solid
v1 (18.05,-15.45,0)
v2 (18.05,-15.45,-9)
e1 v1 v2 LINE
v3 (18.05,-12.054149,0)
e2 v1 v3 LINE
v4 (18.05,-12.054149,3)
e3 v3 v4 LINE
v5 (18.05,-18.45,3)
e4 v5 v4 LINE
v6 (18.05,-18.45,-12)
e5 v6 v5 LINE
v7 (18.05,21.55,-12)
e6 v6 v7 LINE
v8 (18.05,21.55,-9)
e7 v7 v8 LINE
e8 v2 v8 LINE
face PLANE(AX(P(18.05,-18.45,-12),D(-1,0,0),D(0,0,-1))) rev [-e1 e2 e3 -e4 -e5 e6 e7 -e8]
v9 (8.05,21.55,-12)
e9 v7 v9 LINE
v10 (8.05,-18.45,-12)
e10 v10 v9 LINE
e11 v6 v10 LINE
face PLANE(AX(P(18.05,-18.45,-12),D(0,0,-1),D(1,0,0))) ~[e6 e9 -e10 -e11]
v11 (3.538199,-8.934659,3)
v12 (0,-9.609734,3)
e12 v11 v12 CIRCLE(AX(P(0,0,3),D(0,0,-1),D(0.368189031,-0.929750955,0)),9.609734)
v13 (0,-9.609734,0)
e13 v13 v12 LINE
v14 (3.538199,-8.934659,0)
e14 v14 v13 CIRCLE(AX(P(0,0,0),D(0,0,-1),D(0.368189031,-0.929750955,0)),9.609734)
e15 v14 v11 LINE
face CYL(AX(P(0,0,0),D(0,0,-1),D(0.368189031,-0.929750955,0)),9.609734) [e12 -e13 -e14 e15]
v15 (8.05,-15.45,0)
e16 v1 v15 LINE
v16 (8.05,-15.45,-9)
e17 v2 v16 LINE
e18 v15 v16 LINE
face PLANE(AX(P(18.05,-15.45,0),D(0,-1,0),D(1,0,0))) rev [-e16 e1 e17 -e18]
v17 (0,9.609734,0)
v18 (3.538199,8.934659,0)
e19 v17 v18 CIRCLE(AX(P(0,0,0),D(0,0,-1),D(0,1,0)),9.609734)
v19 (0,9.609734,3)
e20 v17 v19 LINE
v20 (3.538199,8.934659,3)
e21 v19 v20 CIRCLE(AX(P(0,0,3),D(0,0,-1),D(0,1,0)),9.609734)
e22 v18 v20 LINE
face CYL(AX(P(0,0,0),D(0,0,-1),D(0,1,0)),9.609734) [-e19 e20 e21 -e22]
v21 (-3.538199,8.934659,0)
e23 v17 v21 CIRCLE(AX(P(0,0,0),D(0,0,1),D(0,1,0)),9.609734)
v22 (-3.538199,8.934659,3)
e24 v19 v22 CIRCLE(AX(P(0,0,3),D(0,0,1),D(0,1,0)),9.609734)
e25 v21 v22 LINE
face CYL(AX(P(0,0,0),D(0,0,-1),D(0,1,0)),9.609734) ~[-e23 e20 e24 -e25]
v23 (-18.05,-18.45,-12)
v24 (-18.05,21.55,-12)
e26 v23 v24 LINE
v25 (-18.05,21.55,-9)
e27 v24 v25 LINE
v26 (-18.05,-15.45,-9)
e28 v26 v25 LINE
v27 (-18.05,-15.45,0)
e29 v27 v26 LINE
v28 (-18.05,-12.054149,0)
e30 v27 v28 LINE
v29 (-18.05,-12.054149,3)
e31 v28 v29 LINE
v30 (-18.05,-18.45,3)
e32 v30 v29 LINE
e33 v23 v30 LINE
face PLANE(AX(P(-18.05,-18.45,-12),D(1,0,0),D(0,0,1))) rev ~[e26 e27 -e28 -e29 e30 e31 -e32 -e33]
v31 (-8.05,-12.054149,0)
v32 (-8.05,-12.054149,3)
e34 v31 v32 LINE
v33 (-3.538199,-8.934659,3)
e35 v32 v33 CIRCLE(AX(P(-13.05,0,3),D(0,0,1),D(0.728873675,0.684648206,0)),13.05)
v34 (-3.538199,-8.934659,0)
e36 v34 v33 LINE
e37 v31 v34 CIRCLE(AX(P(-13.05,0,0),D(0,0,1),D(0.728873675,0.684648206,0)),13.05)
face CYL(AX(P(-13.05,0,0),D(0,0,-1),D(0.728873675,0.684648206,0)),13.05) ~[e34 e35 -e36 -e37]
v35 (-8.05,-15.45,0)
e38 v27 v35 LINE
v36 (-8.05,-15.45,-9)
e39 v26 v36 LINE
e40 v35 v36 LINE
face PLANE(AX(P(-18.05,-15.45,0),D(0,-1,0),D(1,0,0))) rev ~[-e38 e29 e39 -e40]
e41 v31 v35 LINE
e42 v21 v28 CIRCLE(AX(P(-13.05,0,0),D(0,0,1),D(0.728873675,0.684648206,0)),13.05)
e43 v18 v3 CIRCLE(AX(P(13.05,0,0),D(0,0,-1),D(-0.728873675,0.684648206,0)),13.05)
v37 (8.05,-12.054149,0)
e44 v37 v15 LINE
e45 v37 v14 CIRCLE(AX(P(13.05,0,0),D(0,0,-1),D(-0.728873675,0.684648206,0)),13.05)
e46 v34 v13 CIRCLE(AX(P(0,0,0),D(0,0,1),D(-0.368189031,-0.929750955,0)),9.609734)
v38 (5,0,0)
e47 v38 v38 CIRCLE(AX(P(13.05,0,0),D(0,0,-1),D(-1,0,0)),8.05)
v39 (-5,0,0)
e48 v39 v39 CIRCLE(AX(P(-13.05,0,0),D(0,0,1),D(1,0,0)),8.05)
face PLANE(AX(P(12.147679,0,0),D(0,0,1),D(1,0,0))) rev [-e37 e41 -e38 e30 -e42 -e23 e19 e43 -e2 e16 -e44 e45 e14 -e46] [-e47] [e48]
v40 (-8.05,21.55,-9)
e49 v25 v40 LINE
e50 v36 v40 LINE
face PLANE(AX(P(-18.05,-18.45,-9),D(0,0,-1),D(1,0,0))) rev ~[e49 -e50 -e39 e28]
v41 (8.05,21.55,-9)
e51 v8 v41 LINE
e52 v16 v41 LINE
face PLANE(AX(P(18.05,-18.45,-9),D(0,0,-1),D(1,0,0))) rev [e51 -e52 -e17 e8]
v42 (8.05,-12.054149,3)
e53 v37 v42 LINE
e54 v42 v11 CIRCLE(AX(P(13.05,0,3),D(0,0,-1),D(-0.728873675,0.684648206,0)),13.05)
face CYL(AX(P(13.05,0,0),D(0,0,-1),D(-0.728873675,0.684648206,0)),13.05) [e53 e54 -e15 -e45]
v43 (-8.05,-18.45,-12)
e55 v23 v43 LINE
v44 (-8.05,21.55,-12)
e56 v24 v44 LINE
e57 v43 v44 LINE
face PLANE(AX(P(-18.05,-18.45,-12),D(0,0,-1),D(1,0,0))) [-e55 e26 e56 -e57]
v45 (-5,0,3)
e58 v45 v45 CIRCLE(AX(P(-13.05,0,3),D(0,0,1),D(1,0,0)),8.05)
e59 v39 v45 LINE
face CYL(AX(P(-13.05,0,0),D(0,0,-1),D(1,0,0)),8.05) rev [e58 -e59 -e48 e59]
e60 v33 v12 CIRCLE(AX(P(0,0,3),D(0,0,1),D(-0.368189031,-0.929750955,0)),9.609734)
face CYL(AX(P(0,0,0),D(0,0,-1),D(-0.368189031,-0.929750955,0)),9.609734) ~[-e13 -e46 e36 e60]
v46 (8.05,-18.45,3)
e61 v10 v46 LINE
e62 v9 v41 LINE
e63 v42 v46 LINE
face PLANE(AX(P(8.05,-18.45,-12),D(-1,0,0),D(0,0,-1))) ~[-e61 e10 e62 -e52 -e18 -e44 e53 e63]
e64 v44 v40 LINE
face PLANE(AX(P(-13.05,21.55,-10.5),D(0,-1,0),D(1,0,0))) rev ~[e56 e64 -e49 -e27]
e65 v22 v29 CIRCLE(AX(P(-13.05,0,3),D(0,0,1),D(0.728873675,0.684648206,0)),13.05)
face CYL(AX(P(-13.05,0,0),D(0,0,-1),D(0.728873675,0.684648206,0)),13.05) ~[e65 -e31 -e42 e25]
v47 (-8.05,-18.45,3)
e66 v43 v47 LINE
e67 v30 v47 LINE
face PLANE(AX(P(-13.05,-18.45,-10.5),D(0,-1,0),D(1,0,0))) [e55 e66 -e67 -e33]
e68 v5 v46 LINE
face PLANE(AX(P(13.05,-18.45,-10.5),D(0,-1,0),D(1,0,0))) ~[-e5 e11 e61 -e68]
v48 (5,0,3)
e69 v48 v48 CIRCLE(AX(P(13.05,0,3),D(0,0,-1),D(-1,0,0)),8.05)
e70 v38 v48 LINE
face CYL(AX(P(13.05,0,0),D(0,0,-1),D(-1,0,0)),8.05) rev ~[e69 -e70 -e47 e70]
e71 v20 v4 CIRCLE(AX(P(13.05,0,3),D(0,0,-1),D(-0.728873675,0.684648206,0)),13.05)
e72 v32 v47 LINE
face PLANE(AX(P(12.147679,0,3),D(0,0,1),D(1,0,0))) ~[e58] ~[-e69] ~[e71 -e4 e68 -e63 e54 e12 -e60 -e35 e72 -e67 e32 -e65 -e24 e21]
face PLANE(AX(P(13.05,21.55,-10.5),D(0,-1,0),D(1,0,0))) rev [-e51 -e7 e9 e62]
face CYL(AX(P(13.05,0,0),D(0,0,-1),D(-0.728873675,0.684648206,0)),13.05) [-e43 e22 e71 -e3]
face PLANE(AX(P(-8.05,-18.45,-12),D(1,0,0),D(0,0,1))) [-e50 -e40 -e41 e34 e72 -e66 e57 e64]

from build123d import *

# Parameters (mm, degrees)
F0_R     = 8.05
F1_DEPTH = 3
F2_W     = 10
F2_H     = 3
F3_DEPTH = 3
F4_DEPTH = 9
F5_W     = 10
F5_H     = 3
F6_DEPTH = 40


with BuildPart() as f1:
    # F0 (on Top) → F1 (new body)
    with BuildSketch(Plane.XY):
        with BuildLine():
            ThreePointArc((-3.5381985419, -8.9346590881), (-0.9167500432, -4.8048668541), (0, 0))
            ThreePointArc((0, 0), (-0.9167500432, 4.8048668541), (-3.5381985419, 8.9346590881))
            ThreePointArc((-3.5381985419, 8.9346590881), (-26.1, 0), (-3.5381985419, -8.9346590881))
        make_face()
        with Locations((-13.05, 0)):
            Circle(F0_R, mode=Mode.SUBTRACT)
        with BuildLine():
            Line((0, -9.6097337082), (0, 0))
            ThreePointArc((0, 0), (-0.9167500432, -4.8048668541), (-3.5381985419, -8.9346590881))
            ThreePointArc((-3.5381985419, -8.9346590881), (-1.8010118451, -9.4394564609), (0, -9.6097337082))
        make_face()
        with BuildLine():
            ThreePointArc((-3.5381985419, 8.9346590881), (-0.9167500432, 4.8048668541), (0, 0))
            Line((0, 0), (0, 9.6097337082))
            ThreePointArc((0, 9.6097337082), (-1.8010118451, 9.4394564609), (-3.5381985419, 8.9346590881))
        make_face()
    extrude(amount=F1_DEPTH)

    # F2 (on face) → F3 (join, through all)
    with BuildSketch(Plane(origin=(0, 0, 0), x_dir=(1, 0, 0), z_dir=(0, 0, -1))):
        with BuildLine():
            ThreePointArc((-18.05, 12.0541486634), (-13.05, 13.05), (-8.05, 12.0541486634))
            Line((-8.05, 12.0541486634), (-8.05, 15.45))
            Line((-8.05, 15.45), (-18.05, 15.45))
            Line((-18.05, 15.45), (-18.05, 12.0541486634))
        make_face()
        with Locations((-13.05, 16.95)):
            Rectangle(F2_W, F2_H)
    extrude(amount=-F3_DEPTH)

    # F2 (on face) → F4 (join)
    with BuildSketch(Plane(origin=(0, 0, 0), x_dir=(1, 0, 0), z_dir=(0, 0, -1))):
        with Locations((-13.05, 16.95)):
            Rectangle(F2_W, F2_H)
    extrude(amount=F4_DEPTH)

    # F5 (on face) → F6 (join)
    with BuildSketch(Plane.XZ.offset(18.45)):
        with Locations((-13.05, -10.5)):
            Rectangle(F5_W, F5_H)
    extrude(amount=-F6_DEPTH)

    # F7: F1 across plane


with BuildPart() as f1_1:
    add(f1.part)
    add(f1.part.mirror(Plane.YZ))


solid = f1_1.part
